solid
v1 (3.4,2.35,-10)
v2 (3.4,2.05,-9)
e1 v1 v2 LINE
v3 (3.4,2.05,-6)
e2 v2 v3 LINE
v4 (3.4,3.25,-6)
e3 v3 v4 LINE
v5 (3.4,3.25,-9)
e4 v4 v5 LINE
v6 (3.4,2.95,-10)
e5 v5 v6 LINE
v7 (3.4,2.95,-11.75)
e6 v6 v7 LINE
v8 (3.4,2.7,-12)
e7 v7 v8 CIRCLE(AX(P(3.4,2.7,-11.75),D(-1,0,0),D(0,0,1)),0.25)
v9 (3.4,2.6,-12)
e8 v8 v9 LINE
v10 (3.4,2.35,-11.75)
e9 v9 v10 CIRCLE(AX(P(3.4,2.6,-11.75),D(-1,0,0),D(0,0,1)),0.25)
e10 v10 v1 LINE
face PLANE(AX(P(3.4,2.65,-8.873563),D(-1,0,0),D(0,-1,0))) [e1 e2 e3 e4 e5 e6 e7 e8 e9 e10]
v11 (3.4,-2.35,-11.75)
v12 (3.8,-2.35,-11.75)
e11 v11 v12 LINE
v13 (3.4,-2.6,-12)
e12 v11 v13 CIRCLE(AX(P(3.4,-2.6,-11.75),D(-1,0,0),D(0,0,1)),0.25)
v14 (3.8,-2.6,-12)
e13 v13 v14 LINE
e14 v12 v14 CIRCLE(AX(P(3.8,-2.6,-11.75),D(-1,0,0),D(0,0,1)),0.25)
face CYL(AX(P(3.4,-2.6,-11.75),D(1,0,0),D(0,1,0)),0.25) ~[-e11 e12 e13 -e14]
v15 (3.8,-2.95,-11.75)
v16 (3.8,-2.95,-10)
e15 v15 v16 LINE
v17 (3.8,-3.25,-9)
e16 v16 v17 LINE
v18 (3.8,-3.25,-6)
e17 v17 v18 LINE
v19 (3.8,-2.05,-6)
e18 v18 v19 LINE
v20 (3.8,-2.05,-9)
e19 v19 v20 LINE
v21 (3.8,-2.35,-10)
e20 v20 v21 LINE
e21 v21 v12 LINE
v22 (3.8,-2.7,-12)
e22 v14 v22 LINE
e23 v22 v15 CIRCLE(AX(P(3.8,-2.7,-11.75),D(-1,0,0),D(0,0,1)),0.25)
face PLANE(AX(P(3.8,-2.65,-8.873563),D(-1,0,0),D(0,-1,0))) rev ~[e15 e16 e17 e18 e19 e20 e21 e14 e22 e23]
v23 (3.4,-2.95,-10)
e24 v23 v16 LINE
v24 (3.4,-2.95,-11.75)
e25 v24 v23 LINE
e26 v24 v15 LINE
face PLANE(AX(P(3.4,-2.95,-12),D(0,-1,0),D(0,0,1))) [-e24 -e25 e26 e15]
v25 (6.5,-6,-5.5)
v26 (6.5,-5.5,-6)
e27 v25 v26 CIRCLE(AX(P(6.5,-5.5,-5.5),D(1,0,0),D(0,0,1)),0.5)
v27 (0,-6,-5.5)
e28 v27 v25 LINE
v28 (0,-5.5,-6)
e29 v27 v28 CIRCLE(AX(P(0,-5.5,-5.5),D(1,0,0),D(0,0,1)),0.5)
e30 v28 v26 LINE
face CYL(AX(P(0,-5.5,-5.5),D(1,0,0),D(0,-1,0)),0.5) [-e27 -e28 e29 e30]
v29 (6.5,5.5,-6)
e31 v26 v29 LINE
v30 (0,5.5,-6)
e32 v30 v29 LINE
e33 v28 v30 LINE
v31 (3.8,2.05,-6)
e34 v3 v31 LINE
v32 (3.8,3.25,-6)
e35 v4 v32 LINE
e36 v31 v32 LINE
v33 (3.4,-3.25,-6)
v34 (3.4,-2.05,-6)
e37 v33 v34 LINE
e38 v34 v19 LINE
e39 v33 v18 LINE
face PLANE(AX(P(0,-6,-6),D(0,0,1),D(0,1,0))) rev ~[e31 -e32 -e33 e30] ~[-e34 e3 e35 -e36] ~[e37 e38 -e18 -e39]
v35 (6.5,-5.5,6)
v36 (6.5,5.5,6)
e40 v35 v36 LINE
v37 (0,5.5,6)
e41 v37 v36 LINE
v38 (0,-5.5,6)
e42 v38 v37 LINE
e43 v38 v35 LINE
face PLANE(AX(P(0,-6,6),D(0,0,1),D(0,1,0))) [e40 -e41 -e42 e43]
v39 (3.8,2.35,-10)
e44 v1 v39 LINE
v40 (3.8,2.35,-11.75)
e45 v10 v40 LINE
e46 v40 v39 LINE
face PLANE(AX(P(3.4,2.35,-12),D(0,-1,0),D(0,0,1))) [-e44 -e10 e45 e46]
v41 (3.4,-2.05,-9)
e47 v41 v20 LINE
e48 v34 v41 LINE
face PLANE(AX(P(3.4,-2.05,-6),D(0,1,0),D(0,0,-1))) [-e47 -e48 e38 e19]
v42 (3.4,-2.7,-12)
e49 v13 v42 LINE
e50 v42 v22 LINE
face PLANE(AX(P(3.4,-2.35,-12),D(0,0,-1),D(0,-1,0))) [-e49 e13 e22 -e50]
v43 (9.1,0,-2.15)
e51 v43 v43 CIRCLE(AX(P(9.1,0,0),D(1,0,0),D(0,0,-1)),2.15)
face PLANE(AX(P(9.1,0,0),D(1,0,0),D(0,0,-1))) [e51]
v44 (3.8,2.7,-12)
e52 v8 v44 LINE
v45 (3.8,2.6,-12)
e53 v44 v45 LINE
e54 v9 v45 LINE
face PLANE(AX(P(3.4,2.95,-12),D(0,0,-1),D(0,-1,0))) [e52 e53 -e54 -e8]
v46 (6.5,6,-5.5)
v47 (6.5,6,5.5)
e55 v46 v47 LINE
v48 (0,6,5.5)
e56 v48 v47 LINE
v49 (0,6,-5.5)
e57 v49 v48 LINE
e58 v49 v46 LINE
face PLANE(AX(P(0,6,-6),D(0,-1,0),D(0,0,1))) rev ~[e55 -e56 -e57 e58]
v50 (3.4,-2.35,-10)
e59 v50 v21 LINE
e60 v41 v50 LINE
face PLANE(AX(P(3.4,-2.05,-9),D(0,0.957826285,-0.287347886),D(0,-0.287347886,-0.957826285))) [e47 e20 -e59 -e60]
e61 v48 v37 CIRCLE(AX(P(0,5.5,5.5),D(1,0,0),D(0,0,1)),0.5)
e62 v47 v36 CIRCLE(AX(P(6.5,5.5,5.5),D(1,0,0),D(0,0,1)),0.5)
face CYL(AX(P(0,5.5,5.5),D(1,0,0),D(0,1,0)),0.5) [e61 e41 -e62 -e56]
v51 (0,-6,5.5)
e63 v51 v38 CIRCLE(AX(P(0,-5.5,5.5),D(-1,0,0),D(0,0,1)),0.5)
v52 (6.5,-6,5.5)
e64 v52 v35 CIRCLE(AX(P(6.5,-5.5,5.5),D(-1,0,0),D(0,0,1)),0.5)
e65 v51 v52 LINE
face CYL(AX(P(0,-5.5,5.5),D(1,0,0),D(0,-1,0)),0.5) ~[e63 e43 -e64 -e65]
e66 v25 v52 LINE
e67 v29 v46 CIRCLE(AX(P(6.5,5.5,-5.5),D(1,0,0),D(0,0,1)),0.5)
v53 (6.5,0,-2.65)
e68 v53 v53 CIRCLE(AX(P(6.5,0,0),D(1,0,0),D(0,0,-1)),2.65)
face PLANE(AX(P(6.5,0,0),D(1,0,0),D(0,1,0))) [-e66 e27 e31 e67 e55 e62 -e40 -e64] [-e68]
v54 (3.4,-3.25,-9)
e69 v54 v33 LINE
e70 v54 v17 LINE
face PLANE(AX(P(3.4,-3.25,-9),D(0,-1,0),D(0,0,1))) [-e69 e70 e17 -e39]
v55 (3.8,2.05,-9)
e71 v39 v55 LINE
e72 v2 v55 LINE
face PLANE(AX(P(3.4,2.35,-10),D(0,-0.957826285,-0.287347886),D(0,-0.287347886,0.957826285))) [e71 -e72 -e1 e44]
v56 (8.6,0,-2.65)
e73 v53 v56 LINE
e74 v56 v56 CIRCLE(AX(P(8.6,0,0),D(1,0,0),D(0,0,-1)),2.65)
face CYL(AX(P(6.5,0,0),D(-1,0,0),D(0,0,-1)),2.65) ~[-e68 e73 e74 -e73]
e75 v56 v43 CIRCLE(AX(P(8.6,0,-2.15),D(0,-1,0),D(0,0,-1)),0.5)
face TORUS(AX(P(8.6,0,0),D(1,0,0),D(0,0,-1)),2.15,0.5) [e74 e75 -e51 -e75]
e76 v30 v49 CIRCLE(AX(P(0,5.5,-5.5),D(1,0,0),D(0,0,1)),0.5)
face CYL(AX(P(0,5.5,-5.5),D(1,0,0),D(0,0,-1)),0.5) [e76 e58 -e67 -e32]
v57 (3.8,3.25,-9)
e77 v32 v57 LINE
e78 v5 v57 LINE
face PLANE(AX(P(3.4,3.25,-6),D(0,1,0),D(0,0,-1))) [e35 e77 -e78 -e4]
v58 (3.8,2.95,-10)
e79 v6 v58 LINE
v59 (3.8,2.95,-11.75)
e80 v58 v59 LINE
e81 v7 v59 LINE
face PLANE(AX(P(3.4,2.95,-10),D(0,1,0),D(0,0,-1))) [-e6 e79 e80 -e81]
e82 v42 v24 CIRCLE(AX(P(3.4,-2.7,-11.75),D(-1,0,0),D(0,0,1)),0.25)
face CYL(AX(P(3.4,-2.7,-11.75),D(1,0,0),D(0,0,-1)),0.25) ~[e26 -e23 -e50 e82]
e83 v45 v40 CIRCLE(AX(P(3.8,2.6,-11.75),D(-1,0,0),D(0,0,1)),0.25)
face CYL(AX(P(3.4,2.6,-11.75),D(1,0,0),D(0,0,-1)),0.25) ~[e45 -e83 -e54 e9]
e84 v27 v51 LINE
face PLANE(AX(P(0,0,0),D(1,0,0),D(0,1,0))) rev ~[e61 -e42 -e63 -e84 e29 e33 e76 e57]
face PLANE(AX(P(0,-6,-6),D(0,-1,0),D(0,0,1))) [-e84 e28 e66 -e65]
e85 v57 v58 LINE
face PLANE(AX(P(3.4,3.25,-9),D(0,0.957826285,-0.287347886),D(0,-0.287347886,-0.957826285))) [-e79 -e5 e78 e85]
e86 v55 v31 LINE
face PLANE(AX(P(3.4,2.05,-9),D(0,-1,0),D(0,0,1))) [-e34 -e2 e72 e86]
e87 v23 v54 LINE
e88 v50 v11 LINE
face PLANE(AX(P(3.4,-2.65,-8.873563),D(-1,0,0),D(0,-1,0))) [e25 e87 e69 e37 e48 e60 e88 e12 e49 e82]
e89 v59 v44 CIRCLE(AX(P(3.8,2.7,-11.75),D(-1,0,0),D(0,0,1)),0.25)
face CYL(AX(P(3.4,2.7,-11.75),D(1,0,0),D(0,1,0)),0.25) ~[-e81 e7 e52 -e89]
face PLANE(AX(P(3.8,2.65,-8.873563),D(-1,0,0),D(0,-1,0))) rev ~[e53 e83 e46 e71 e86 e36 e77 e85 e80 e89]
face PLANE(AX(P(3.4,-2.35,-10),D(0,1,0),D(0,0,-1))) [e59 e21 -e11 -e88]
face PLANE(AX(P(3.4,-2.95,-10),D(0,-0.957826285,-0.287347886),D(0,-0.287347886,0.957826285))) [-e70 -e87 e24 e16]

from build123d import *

# Parameters (mm, degrees)
CYLINDER_R           = 2.65
CYLINDER_DEPTH       = 2.6
CYLINDER_PITCH_ANGLE = 90
FILLET001_R          = 0.5
PAD001_DEPTH         = 0.4
FILLET002_R          = 0.25
SKETCH_W             = 12
SKETCH_H             = 12
PAD_DEPTH            = 6.5
FILLET_R             = 0.5


with BuildPart() as fillet001:
    # Cylinder → Cylinder (new body)
    with BuildSketch(Plane.XY):
        Circle(CYLINDER_R)
    extrude(amount=CYLINDER_DEPTH)


with BuildPart() as fillet001_1:
    # Cylinder pitch: moved
    add(fillet001.part.rotate(Axis((0, 0, 0), (0, 1, 0)), CYLINDER_PITCH_ANGLE))


with BuildPart() as fillet001_2:
    # Cylinder placement: moved
    add(fillet001_1.part.moved(Location((6.5, 0, 0))))

    # Fillet001
    fillet001_edges = [fillet001_2.edges().sort_by_distance(p)[0] for p in [
        (9.1, 0, 2.65),
    ]]
    fillet(fillet001_edges, radius=FILLET001_R)


with BuildPart() as fillet002:
    # Sketch001 → Pad001 (new body)
    with BuildSketch(Plane.YZ.offset(3.4)):
        Polygon((-3.25, -6), (-2.05, -6), (-2.05, -9), (-2.35, -10), (-2.35, -12), (-2.95, -12), (-2.95, -10), (-3.25, -9), align=None)
        Polygon((2.05, -6), (3.25, -6), (3.25, -9), (2.95, -10), (2.95, -12), (2.35, -12), (2.35, -10), (2.05, -9), align=None)
    extrude(amount=PAD001_DEPTH)

    # Fillet002
    fillet002_edges = [fillet002.edges().sort_by_distance(p)[0] for p in [
        (3.6, 2.95, -12),
        (3.6, 2.35, -12),
        (3.6, -2.35, -12),
        (3.6, -2.95, -12),
    ]]
    fillet(fillet002_edges, radius=FILLET002_R)


with BuildPart() as fusion:
    # Sketch → Pad (new body)
    with BuildSketch(Plane.YZ):
        Rectangle(SKETCH_W, SKETCH_H)
    extrude(amount=PAD_DEPTH)

    # Fillet
    fillet_edges = [fusion.edges().sort_by_distance(p)[0] for p in [
        (3.25, 6, 6),
        (3.25, -6, 6),
        (3.25, -6, -6),
        (3.25, 6, -6),
    ]]
    fillet(fillet_edges, radius=FILLET_R)

    # Fusion: union Fillet001, Fillet002
    add(fillet001_2.part)
    add(fillet002.part)


solid = fusion.part
